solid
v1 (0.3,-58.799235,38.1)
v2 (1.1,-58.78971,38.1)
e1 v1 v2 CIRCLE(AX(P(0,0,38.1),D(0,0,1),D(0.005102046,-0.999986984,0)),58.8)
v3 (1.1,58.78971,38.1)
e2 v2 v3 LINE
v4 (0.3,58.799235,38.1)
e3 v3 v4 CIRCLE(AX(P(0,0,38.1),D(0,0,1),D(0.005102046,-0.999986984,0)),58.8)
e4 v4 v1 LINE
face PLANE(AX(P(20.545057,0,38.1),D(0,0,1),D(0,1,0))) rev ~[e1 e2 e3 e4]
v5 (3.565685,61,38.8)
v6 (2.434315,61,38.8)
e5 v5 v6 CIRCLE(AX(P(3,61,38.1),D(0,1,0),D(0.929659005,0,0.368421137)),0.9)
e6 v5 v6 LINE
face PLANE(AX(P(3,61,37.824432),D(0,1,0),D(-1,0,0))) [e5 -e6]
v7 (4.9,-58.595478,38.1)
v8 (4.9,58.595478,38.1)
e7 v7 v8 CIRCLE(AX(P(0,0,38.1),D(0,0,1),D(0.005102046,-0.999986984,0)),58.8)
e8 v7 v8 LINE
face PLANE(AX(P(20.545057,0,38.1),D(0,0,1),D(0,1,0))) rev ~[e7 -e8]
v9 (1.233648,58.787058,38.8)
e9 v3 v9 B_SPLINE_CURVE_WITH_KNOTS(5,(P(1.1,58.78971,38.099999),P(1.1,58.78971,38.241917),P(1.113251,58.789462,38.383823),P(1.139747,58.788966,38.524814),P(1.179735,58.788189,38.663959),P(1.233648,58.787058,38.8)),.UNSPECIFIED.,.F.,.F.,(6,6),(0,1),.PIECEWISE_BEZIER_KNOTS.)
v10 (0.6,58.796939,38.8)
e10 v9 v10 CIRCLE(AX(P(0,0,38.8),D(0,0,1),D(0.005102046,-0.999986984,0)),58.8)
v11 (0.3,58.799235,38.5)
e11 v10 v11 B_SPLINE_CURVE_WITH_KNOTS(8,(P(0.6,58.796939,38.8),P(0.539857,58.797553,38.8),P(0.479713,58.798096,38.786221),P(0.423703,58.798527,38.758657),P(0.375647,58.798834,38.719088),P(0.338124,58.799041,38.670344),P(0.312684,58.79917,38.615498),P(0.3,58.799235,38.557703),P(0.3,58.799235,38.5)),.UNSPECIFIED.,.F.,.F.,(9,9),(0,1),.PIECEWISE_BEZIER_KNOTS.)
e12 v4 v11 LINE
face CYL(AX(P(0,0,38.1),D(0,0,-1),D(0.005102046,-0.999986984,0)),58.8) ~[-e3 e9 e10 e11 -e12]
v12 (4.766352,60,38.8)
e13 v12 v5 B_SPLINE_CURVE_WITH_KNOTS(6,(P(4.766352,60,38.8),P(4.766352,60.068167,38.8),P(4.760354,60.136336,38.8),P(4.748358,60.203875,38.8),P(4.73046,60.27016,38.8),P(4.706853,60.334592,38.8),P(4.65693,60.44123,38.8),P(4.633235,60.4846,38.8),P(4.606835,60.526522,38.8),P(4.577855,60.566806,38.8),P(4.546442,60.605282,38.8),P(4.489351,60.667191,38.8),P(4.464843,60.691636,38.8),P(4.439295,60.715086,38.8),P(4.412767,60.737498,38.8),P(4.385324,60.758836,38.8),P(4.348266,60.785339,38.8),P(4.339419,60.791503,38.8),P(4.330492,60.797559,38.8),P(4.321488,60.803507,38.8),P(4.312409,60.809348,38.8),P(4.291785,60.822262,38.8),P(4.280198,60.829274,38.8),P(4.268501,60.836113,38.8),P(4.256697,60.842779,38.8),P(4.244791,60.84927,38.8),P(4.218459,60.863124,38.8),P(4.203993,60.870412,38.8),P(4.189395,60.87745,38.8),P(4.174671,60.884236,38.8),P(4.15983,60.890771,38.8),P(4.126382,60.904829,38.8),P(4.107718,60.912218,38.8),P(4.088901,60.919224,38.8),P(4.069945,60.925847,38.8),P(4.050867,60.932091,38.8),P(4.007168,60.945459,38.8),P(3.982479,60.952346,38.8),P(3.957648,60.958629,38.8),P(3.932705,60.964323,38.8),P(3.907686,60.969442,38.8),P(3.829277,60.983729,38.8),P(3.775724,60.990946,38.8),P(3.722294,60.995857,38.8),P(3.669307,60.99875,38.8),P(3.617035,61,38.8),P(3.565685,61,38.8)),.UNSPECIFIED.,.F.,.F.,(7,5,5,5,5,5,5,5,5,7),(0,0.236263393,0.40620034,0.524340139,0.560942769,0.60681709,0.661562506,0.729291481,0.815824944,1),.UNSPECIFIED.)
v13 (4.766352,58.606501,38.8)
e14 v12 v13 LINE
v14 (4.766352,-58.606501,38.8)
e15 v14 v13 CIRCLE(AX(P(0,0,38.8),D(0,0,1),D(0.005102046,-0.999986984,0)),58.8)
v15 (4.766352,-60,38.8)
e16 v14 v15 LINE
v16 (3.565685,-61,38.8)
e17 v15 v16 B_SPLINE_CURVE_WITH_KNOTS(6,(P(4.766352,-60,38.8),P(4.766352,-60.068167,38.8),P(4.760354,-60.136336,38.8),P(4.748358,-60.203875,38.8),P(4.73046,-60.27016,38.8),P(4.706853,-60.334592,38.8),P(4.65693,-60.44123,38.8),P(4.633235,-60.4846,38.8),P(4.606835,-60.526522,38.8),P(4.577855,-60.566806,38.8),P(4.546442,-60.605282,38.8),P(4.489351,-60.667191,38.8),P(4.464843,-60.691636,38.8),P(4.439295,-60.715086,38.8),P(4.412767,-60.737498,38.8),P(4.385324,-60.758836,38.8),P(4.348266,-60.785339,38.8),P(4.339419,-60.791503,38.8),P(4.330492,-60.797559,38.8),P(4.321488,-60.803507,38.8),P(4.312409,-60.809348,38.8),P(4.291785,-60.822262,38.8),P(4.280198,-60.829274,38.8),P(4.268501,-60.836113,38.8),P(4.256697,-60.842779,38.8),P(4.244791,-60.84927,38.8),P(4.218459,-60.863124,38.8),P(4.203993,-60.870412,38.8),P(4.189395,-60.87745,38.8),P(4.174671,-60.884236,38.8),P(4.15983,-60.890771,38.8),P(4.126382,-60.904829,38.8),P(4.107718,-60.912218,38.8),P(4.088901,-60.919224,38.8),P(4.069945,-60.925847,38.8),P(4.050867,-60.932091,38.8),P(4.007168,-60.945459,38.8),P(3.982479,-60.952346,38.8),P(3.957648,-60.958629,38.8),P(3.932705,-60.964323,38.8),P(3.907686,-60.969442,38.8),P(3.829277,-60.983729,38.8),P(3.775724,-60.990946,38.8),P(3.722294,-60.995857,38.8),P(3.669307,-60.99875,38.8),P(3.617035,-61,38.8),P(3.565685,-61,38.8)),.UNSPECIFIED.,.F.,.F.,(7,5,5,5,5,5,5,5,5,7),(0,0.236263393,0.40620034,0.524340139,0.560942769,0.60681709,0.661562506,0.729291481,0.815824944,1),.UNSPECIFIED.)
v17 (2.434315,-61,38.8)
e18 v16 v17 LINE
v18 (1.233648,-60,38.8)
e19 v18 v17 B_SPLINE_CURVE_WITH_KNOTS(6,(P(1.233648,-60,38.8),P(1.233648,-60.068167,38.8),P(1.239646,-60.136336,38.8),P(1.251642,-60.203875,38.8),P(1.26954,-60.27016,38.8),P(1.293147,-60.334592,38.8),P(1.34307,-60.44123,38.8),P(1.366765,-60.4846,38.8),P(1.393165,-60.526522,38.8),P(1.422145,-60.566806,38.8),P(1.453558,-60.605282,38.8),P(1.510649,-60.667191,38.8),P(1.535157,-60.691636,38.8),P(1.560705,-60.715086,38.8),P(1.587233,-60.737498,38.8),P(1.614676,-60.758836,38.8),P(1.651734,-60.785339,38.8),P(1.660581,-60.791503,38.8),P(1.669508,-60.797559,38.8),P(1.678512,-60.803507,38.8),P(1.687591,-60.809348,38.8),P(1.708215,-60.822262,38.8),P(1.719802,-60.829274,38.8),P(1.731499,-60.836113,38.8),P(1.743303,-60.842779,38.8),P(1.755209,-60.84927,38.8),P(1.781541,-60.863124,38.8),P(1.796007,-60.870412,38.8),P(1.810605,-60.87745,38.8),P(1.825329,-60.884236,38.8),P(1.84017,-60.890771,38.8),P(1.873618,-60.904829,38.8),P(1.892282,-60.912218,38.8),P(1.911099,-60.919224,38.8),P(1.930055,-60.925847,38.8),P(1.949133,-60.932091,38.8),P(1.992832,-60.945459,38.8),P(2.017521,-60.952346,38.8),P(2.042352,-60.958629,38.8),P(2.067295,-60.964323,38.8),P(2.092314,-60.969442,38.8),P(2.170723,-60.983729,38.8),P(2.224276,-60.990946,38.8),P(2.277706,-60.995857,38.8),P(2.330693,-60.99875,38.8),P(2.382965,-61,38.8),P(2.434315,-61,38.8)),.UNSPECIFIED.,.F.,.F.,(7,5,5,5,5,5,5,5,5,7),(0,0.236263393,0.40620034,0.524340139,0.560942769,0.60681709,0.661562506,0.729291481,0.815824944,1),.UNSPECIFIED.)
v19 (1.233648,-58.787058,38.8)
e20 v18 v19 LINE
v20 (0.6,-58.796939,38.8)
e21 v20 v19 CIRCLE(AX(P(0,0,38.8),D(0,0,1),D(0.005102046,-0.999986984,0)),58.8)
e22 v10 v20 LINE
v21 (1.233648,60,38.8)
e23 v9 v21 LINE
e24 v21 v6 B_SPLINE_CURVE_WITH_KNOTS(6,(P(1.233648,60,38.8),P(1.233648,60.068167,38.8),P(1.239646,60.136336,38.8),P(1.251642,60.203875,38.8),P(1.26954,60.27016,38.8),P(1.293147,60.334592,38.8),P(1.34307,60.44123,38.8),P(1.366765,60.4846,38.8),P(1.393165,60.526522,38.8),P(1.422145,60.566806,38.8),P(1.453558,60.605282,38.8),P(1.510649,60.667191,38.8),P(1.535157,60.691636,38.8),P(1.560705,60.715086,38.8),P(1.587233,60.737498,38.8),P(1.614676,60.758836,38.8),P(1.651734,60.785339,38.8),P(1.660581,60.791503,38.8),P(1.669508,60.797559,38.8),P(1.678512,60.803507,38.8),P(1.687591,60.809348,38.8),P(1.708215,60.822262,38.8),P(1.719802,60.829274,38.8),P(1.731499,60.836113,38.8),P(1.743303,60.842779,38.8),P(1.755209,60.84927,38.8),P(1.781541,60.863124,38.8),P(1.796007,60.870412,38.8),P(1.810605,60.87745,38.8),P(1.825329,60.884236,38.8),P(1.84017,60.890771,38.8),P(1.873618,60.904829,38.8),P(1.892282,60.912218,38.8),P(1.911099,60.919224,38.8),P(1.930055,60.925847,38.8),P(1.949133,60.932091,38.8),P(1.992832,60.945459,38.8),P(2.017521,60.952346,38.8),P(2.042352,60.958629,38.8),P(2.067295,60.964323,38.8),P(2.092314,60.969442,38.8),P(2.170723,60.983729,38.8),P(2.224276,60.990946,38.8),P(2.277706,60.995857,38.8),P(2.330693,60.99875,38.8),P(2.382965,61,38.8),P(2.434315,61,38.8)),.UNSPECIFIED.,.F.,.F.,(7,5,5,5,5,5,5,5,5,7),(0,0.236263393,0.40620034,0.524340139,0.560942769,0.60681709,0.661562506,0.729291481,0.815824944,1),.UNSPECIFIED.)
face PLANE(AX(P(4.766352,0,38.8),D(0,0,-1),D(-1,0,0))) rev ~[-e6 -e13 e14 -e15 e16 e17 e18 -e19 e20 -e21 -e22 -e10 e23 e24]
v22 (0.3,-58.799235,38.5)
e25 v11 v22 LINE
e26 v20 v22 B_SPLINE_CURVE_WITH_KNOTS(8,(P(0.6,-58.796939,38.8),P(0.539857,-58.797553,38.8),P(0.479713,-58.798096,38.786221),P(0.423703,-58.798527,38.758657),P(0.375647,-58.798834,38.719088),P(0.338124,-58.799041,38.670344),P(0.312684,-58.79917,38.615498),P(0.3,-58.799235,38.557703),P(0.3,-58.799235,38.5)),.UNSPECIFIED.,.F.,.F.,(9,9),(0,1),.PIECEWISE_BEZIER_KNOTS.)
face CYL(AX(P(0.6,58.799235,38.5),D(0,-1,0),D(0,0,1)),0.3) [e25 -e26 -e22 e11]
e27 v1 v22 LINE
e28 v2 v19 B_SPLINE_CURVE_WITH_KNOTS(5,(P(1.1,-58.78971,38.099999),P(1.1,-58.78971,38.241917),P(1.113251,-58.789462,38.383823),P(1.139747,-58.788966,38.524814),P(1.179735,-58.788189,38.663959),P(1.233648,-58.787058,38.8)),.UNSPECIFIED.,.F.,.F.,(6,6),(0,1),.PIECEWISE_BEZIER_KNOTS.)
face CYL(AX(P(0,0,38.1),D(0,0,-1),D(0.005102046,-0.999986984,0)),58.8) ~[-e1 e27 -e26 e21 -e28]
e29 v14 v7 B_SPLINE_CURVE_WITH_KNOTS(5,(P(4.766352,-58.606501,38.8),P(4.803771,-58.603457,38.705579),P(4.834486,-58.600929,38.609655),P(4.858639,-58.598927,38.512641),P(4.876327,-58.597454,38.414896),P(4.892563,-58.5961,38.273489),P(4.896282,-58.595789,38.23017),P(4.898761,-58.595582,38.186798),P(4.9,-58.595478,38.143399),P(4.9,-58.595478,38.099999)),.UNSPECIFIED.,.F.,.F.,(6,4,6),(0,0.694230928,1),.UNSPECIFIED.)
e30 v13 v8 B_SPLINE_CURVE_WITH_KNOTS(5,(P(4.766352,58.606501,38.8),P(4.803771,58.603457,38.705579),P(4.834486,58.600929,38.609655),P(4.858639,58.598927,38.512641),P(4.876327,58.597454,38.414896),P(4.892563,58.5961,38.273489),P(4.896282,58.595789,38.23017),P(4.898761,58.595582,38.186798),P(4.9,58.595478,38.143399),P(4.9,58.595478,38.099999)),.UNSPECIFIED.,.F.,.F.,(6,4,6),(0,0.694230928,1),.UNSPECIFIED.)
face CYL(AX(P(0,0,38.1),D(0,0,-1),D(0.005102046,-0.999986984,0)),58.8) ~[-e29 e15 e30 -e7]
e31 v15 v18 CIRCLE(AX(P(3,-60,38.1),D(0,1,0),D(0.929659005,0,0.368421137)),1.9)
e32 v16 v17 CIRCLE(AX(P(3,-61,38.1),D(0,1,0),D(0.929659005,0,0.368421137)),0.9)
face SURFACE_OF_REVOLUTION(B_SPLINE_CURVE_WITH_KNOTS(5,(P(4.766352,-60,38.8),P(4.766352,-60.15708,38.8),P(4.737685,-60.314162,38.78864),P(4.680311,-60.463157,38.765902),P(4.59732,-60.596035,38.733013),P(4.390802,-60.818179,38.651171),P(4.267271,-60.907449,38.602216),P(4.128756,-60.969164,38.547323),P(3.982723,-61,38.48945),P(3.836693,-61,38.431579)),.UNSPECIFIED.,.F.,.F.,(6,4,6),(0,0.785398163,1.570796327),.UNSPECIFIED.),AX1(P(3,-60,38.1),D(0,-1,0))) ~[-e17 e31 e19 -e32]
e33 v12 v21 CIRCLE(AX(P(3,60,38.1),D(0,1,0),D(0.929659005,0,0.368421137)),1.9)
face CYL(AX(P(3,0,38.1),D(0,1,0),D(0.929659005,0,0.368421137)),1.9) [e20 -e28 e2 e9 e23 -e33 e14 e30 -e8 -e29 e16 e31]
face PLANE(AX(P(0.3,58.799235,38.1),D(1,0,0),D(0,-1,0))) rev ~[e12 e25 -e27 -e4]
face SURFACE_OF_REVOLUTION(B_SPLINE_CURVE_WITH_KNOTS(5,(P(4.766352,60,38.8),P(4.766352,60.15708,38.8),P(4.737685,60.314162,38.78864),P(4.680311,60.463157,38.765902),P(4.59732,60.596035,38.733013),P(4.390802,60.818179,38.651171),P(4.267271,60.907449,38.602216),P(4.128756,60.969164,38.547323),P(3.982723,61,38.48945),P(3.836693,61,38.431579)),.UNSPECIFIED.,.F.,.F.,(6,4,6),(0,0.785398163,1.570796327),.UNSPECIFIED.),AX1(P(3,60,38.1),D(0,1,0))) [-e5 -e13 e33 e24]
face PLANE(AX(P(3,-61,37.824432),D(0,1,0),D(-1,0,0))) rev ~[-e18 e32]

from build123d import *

# Parameters (mm, degrees)
PAD_DEPTH    = 0.7
PAD001_DEPTH = 61
FILLET_R     = 1
FILLET001_R  = 0.3


with BuildPart() as part:
    # Sketch004 (on DatumPlane) → Pad (new body)
    with BuildSketch(Plane(origin=(0, 0, 38.1), x_dir=(0, 1, 0), z_dir=(0, 0, 1))):
        with BuildLine():
            ThreePointArc((-58.799235, -0.3), (0, -58.8), (58.799235, -0.3))
            Line((58.799235, -0.3), (-58.799235, -0.3))
        make_face()
    extrude(amount=PAD_DEPTH)

    # Sketch005 (on DatumPlane) → Pad001 (join, symmetric)
    with BuildSketch(Plane(origin=(0, 0, 0), x_dir=(-1, 0, 0), z_dir=(0, 1, 0))):
        with BuildLine():
            ThreePointArc((-4.766352, 38.8), (-3, 36.2), (-1.233648, 38.8))
            Line((-4.766352, 38.8), (-1.233648, 38.8))
        make_face()
    extrude(amount=PAD001_DEPTH, both=True)

    # Fillet
    fillet_edges = [part.edges().sort_by_distance(p)[0] for p in [
        (3, -61, 36.2),
        (3, 61, 36.2),
    ]]
    fillet(fillet_edges, radius=FILLET_R)

    # Fillet001
    fillet001_edges = [part.edges().sort_by_distance(p)[0] for p in [
        (0.3, 0, 38.8),
    ]]
    fillet(fillet001_edges, radius=FILLET001_R)


solid = part.part
